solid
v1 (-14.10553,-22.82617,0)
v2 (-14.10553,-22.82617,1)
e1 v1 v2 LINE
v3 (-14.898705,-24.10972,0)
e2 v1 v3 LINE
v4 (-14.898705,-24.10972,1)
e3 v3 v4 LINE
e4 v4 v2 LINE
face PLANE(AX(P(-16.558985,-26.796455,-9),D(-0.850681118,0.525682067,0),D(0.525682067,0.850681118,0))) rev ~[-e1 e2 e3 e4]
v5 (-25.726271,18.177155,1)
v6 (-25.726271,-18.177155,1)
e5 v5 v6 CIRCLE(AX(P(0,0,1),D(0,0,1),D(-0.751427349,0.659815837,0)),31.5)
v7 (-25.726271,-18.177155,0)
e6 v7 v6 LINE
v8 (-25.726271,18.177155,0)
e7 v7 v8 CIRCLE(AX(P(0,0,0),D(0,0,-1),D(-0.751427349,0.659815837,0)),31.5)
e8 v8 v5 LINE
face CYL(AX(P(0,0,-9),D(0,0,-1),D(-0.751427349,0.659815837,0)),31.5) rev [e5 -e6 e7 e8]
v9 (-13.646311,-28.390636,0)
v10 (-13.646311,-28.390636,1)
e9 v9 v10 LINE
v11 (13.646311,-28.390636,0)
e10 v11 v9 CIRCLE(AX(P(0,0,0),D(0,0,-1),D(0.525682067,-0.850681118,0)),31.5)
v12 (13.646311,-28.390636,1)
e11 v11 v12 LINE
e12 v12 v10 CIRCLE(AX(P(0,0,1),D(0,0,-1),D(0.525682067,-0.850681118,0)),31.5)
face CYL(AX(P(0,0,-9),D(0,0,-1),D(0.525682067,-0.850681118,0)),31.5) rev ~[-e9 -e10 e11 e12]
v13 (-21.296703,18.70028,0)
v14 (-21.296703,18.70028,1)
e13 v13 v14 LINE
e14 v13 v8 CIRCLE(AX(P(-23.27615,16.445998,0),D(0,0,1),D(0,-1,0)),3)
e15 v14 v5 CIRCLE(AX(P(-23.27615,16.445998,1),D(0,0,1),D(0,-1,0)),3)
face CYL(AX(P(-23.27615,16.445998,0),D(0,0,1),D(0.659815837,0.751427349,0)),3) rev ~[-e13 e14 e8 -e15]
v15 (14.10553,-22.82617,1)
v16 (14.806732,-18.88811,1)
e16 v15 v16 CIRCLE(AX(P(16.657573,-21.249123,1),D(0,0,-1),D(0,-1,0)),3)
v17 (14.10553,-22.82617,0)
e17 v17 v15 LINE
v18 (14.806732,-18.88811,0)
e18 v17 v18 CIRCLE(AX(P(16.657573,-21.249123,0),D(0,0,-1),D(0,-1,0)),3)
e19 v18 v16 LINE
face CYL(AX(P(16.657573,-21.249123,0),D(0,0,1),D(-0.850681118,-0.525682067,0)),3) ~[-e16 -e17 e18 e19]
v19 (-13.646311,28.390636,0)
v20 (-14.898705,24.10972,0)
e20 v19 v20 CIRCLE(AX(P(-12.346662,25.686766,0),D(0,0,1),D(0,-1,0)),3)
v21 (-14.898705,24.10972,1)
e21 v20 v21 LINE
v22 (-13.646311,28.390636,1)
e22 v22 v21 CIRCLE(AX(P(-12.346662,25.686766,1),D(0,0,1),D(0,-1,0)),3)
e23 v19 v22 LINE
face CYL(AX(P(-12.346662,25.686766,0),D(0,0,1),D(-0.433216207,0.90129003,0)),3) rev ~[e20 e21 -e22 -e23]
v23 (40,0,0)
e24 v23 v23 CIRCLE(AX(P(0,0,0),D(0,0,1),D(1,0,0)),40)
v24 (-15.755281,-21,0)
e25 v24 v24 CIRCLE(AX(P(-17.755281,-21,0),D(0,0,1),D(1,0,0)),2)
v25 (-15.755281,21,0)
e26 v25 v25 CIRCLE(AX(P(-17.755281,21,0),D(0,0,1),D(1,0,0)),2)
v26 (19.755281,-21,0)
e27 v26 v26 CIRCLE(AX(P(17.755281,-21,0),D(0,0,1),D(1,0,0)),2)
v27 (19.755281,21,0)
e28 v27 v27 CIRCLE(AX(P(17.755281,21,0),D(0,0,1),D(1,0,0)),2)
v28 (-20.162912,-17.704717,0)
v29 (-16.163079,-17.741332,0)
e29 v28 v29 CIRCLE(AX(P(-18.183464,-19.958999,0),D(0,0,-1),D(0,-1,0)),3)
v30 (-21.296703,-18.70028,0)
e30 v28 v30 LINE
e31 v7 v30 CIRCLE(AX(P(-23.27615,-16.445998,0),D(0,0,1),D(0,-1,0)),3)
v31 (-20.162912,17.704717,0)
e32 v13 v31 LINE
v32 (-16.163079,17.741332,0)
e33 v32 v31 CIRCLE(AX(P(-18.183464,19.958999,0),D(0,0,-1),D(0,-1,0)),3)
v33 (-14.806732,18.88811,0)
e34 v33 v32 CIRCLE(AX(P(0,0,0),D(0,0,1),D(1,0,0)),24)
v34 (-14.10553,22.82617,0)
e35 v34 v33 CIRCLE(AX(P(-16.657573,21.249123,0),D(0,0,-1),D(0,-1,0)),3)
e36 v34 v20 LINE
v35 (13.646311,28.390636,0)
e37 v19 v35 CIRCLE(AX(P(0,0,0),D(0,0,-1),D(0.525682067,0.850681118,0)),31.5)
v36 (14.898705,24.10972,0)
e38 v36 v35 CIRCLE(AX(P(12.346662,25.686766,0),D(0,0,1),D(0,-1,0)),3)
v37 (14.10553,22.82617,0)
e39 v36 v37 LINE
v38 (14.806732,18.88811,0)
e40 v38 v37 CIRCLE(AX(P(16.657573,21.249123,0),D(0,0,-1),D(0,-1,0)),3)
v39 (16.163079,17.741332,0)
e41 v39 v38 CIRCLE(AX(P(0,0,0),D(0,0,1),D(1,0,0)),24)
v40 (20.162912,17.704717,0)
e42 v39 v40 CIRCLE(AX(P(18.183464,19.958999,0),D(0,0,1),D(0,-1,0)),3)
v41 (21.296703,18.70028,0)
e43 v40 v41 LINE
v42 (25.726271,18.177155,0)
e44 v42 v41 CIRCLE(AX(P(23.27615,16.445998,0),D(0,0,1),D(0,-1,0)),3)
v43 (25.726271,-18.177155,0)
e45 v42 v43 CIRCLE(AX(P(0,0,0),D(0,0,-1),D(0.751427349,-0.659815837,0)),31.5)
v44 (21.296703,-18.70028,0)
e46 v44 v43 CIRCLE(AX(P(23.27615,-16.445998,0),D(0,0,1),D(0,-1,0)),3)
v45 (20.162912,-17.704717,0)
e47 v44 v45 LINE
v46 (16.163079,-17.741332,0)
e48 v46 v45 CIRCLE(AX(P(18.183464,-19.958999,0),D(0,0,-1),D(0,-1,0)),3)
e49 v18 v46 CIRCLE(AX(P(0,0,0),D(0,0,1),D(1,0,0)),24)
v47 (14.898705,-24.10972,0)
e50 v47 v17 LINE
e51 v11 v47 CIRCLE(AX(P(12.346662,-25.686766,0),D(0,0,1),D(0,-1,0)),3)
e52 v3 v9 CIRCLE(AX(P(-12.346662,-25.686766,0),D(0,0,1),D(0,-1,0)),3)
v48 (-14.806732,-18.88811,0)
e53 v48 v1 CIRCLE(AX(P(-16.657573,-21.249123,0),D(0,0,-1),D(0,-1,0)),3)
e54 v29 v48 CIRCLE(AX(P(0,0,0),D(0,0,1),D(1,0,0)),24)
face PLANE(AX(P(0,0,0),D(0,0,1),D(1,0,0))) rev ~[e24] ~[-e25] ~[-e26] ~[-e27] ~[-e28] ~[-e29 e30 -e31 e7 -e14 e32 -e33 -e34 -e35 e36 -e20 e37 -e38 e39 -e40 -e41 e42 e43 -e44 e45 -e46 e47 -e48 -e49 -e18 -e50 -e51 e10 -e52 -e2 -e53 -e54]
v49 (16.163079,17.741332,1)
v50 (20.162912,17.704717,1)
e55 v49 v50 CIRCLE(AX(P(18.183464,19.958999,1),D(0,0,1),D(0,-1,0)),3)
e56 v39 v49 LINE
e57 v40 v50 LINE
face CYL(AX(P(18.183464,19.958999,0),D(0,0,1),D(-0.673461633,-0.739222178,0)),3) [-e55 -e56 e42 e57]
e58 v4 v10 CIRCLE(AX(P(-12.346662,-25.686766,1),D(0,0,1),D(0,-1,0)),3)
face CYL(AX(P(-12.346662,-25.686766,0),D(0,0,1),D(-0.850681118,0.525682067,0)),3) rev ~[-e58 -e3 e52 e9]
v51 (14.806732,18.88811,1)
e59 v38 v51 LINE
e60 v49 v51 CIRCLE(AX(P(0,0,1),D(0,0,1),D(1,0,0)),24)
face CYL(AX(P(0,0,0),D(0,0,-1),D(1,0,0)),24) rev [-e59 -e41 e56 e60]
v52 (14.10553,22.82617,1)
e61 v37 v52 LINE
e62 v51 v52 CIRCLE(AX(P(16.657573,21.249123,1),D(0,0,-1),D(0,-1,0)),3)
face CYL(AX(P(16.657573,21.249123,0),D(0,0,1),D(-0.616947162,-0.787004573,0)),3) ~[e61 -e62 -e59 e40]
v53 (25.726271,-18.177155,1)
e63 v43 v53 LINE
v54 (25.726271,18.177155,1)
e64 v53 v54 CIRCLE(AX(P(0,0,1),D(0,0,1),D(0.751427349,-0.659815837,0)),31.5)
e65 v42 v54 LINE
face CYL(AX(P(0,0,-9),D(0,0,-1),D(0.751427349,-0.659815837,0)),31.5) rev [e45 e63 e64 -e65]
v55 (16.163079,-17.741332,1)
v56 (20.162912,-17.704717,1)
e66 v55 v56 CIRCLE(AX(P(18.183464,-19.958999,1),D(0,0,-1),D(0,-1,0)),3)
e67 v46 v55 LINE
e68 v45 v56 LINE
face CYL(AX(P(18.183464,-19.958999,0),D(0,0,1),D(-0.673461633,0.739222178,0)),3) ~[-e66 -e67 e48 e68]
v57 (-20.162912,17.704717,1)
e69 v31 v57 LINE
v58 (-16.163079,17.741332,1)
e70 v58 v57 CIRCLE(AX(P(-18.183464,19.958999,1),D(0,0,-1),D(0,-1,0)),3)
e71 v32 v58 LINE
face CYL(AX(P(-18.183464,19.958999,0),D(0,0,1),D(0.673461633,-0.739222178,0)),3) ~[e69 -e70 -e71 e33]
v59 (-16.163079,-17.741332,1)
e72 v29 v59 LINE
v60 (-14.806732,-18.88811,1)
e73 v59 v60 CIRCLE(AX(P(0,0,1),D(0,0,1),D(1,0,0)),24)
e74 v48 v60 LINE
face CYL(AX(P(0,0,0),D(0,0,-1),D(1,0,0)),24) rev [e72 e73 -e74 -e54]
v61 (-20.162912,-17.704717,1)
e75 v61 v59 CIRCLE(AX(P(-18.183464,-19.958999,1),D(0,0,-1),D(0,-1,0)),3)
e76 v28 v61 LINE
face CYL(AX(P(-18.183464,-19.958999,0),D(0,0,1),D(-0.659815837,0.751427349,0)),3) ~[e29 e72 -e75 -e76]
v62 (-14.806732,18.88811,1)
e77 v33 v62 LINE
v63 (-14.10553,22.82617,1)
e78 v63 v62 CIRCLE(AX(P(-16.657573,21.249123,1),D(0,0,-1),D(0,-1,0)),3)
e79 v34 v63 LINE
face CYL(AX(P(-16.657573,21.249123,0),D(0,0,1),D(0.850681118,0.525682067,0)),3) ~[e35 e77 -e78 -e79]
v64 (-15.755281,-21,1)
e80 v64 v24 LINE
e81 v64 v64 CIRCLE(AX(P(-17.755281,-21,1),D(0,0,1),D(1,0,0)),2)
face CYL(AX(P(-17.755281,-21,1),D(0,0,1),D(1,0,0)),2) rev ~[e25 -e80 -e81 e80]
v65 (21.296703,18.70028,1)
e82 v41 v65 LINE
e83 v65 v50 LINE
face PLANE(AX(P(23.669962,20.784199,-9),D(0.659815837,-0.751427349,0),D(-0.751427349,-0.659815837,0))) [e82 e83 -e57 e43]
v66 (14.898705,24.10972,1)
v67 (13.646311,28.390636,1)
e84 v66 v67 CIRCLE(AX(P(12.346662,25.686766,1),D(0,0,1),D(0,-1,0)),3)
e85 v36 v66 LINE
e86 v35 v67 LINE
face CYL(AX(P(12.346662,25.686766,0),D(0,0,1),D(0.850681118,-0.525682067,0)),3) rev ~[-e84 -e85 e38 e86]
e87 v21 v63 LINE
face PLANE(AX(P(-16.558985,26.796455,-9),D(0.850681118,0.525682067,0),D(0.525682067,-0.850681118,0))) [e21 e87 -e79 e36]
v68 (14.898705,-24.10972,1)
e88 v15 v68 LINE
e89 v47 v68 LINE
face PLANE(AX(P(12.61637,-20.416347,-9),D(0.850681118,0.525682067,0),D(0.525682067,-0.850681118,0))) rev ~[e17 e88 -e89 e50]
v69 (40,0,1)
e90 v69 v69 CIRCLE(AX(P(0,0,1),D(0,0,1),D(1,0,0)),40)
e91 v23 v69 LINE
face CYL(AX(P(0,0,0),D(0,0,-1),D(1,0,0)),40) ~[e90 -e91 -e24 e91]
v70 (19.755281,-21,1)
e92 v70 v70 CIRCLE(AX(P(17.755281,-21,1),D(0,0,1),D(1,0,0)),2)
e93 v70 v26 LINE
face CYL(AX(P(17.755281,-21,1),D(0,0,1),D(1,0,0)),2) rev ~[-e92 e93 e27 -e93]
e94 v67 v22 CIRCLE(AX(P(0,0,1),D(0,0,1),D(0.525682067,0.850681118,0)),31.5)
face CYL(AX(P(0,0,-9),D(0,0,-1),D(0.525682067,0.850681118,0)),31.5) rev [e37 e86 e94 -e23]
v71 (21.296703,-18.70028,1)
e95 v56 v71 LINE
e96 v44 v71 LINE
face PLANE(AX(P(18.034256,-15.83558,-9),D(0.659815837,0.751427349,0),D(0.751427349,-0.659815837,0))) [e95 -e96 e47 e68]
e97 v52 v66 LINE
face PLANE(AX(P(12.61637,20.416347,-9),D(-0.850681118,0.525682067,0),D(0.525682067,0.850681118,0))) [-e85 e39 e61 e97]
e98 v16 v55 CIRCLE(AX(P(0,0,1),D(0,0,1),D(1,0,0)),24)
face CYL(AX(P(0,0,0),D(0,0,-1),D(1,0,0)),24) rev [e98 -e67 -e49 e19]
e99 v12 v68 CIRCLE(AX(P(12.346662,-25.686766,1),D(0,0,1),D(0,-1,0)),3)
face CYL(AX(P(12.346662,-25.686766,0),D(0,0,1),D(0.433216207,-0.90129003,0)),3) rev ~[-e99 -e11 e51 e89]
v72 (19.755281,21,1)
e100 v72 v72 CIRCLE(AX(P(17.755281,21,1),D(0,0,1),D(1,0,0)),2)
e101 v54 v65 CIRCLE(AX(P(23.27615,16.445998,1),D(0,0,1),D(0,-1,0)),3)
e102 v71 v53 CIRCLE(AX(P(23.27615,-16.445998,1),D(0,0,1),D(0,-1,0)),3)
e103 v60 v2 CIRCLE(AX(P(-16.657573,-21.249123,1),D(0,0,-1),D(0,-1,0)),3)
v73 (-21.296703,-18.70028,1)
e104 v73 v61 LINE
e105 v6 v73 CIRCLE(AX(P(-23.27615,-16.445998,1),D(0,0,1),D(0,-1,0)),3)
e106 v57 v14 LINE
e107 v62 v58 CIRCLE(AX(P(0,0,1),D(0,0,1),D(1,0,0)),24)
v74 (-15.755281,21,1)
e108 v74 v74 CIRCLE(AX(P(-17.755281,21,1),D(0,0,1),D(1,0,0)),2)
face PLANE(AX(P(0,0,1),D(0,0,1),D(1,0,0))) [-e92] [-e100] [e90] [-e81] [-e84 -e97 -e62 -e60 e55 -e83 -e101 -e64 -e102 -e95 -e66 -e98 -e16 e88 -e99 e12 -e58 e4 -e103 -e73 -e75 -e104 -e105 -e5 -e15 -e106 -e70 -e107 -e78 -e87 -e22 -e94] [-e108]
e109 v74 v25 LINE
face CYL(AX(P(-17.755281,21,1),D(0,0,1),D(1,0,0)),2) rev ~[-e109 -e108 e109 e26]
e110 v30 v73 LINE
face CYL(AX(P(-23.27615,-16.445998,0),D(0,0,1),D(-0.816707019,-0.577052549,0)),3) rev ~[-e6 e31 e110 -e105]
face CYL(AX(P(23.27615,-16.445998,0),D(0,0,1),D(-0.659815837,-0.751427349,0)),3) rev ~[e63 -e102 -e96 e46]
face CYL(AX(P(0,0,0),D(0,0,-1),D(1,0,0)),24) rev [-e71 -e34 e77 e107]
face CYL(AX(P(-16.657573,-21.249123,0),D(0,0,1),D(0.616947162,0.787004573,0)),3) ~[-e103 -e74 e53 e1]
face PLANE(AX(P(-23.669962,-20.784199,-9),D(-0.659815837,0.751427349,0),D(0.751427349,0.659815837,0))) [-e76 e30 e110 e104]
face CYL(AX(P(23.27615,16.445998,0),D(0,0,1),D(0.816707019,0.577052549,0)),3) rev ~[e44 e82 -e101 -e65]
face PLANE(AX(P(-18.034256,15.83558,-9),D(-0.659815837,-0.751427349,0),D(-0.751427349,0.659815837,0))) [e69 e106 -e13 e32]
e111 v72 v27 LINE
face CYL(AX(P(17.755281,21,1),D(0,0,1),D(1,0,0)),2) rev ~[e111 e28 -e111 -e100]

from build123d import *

# Parameters (mm, degrees)
SKETCH_1_R          = 40
SKETCH_1_R_2        = 24
EXTRUDE_1_DEPTH     = 1
SKETCH_2_R          = 2
CUT_EXTRUDE_1_DEPTH = 10
CUT_EXTRUDE_START   = -10
CUT_EXTRUDE_2_DEPTH = 10
FILLET_1_R          = 3


with BuildPart() as part:
    # 草图1 → 凸台-拉伸1 (new body)
    with BuildSketch(Plane.XY):
        Circle(SKETCH_1_R)
        Circle(SKETCH_1_R_2, mode=Mode.SUBTRACT)
    extrude(amount=EXTRUDE_1_DEPTH)

    # 草图2 → 切除-拉伸1 (cut)
    with BuildSketch(Plane.XY.offset(1)):
        with Locations((17.755280905, -21)):
            Circle(SKETCH_2_R)
        with Locations((17.755280905, 21)):
            Circle(SKETCH_2_R)
        with Locations((-17.755280905, -21)):
            Circle(SKETCH_2_R)
        with Locations((-17.755280905, 21)):
            Circle(SKETCH_2_R)
    extrude(amount=-CUT_EXTRUDE_1_DEPTH, mode=Mode.SUBTRACT)

    # 草图3 → 切除-拉伸2 (cut)
    with BuildSketch(Plane.XY.offset(1).offset(CUT_EXTRUDE_START)):
        with BuildLine():
            Line((12.616369605, -20.416346832), (16.558985107, -26.796455218))
            ThreePointArc((16.558985107, -26.796455218), (0, -31.5), (-16.558985107, -26.796455218))
            Line((-16.558985107, -26.796455218), (-12.616369605, -20.416346832))
            ThreePointArc((-12.616369605, -20.416346832), (0, -24), (12.616369605, -20.416346832))
        make_face()
        with BuildLine():
            Line((18.034256384, -15.835580086), (23.669961504, -20.784198863))
            ThreePointArc((23.669961504, -20.784198863), (31.5, 0), (23.669961504, 20.784198863))
            Line((23.669961504, 20.784198863), (18.034256384, 15.835580086))
            ThreePointArc((18.034256384, 15.835580086), (24, 0), (18.034256384, -15.835580086))
        make_face()
        with BuildLine():
            Line((12.616369605, 20.416346832), (16.558985107, 26.796455218))
            ThreePointArc((16.558985107, 26.796455218), (0, 31.5), (-16.558985107, 26.796455218))
            Line((-16.558985107, 26.796455218), (-12.616369605, 20.416346832))
            ThreePointArc((-12.616369605, 20.416346832), (0, 24), (12.616369605, 20.416346832))
        make_face()
        with BuildLine():
            Line((-18.034256384, 15.835580086), (-23.669961504, 20.784198863))
            ThreePointArc((-23.669961504, 20.784198863), (-31.5, 0), (-23.669961504, -20.784198863))
            Line((-23.669961504, -20.784198863), (-18.034256384, -15.835580086))
            ThreePointArc((-18.034256384, -15.835580086), (-24, 0), (-18.034256384, 15.835580086))
        make_face()
    extrude(amount=CUT_EXTRUDE_2_DEPTH, mode=Mode.SUBTRACT)

    # 圆角1
    fillet_1_edges = [part.edges().sort_by_distance(p)[0] for p in [
        (12.616369605, -20.416346832, 0.5),
        (-12.616369605, -20.416346832, 0.5),
        (18.034256384, 15.835580086, 0.5),
        (18.034256384, -15.835580086, 0.5),
        (12.616369605, 20.416346832, 0.5),
        (-12.616369605, 20.416346832, 0.5),
        (-18.034256384, 15.835580086, 0.5),
        (-18.034256384, -15.835580086, 0.5),
        (-23.669961504, -20.784198863, 0.5),
        (-23.669961504, 20.784198863, 0.5),
        (-16.558985107, 26.796455218, 0.5),
        (16.558985107, 26.796455218, 0.5),
        (23.669961504, 20.784198863, 0.5),
        (23.669961504, -20.784198863, 0.5),
        (16.558985107, -26.796455218, 0.5),
        (-16.558985107, -26.796455218, 0.5),
    ]]
    fillet(fillet_1_edges, radius=FILLET_1_R)


solid = part.part
